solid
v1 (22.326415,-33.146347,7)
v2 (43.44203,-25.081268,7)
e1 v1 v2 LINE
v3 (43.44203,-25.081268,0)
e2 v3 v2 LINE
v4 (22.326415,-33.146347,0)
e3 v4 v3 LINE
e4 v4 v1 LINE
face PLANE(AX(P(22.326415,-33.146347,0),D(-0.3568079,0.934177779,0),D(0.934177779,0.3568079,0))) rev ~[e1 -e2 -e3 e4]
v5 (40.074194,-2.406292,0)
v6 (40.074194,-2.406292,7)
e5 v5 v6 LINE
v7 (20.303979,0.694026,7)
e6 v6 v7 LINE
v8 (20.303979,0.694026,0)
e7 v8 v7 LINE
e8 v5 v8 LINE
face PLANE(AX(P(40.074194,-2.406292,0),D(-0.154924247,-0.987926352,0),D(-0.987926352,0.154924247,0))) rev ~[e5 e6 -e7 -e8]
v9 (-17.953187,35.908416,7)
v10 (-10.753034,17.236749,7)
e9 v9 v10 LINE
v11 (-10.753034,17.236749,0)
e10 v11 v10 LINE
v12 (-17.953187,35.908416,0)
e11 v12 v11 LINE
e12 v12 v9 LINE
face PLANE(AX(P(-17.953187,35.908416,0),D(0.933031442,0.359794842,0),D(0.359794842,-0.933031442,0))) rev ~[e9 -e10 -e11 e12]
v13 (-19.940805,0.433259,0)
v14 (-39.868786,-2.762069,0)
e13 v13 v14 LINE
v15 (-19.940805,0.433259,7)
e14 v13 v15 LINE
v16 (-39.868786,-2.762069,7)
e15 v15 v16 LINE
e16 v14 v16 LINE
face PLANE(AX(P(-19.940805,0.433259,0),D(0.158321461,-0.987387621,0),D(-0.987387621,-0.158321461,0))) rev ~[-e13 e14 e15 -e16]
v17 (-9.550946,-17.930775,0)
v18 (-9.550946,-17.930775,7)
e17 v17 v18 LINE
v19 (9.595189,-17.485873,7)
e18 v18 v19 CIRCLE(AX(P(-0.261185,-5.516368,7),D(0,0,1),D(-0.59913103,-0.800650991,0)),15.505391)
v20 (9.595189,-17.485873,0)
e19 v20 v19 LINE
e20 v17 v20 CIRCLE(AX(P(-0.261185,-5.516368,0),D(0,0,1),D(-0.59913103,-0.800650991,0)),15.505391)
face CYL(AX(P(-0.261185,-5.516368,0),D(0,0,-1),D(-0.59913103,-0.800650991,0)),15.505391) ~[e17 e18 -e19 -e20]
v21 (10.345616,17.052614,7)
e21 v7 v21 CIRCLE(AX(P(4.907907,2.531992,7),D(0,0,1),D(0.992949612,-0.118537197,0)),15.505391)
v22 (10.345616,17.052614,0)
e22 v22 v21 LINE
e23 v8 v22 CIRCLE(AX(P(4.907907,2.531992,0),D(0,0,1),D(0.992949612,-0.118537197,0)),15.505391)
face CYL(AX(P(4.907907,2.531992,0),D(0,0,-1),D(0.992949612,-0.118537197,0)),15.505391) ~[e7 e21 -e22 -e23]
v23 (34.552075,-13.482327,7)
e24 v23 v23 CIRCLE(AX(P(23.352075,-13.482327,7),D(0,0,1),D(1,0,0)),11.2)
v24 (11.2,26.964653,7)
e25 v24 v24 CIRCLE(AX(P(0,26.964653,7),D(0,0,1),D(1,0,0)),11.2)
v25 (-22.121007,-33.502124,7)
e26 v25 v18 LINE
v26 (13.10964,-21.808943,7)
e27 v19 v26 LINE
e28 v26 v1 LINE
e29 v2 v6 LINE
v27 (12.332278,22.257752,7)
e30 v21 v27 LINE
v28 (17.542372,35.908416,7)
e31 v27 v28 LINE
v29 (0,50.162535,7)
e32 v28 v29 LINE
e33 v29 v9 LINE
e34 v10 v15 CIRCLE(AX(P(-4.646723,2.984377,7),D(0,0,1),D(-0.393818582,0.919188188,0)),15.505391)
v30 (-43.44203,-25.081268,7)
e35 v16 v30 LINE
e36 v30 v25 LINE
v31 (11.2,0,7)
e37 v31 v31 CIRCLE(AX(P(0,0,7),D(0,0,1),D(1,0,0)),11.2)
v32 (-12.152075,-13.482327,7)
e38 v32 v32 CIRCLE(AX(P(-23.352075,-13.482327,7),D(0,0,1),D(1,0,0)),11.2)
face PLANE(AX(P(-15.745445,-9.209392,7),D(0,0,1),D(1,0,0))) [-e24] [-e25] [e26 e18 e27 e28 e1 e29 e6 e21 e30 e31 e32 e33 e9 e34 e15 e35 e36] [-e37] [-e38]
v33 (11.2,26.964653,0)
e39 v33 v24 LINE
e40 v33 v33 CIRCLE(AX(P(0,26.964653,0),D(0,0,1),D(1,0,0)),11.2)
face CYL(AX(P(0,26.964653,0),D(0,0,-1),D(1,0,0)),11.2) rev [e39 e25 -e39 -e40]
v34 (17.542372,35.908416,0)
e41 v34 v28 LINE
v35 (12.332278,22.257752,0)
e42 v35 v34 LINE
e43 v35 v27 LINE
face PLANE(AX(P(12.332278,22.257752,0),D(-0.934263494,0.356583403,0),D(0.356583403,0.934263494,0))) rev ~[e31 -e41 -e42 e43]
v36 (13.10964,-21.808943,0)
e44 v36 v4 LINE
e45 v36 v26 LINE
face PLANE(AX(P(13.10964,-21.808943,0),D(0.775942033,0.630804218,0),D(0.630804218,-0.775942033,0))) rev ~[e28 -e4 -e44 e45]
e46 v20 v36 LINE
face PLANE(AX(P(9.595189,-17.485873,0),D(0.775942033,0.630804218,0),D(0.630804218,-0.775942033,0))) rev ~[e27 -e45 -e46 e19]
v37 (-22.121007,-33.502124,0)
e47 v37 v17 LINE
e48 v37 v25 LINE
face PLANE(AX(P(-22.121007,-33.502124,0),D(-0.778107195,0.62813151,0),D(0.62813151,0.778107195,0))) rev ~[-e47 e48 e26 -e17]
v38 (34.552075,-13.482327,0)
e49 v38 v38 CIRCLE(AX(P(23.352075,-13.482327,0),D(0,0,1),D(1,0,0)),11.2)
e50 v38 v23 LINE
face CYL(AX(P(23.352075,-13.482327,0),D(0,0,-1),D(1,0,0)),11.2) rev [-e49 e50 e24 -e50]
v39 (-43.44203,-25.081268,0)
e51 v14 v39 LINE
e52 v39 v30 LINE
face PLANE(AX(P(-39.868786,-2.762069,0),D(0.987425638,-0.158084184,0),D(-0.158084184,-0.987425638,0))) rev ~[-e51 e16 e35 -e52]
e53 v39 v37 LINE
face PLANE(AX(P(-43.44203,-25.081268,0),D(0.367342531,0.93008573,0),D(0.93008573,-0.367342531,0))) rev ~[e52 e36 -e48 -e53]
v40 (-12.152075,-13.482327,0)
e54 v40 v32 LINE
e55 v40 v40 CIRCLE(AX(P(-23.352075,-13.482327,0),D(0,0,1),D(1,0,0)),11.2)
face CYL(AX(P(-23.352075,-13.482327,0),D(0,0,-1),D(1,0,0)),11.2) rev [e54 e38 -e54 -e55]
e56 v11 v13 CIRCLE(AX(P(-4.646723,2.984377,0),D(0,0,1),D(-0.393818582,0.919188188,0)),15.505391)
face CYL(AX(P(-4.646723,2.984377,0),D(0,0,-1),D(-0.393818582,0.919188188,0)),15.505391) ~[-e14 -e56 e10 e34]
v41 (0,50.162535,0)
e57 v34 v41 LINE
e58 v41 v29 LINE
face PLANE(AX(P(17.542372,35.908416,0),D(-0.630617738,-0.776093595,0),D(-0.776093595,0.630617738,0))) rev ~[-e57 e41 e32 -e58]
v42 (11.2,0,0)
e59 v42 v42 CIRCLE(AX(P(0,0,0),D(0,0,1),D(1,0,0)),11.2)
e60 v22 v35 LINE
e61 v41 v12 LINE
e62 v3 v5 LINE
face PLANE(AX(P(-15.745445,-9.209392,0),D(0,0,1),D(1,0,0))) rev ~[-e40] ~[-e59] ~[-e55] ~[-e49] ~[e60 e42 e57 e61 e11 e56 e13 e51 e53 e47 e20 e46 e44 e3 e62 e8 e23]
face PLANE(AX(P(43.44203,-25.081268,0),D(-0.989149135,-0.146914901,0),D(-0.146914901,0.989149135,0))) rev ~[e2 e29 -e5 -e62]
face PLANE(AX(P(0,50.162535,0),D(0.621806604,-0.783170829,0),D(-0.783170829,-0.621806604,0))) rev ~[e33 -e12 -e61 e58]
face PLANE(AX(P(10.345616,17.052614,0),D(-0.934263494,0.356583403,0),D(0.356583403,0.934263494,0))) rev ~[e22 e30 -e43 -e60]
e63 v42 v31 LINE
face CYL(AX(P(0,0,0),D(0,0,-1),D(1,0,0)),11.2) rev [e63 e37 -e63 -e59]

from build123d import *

# Parameters (mm, degrees)
F0_R     = 11.2
F2_DEPTH = 7


with BuildPart() as f2:
    # F0 (on Top) → F2 (new body)
    with BuildSketch(Plane.XY):
        with BuildLine():
            Line((-9.5509455629, -17.9307749998), (-4.9533112476, -12.2353875167))
            ThreePointArc((-4.9533112476, -12.2353875167), (0.1510560245, -13.1991356565), (5.2320302672, -12.1188225205))
            ThreePointArc((5.2320302672, -12.1188225205), (11.5063147988, -6.4687494736), (13.0728120384, 1.8280003851))
            ThreePointArc((13.0728120384, 1.8280003851), (11.3552587742, 6.7303861829), (7.8791930331, 10.590482385))
            ThreePointArc((7.8791930331, 10.590482385), (-0.1510560245, 13.1991356565), (-8.1195007908, 10.4073871317))
            ThreePointArc((-8.1195007908, 10.4073871317), (-11.5063147988, 6.4687494736), (-13.1112233003, 1.5283401355))
            Line((-13.1112233003, 1.5283401355), (-19.9408051075, 0.433259189))
            Line((-19.9408051075, 0.433259189), (-25.4419179951, -0.4488100325))
            Line((-25.4419179951, -0.4488100325), (-39.868786154, -2.7620685723))
            Line((-39.868786154, -2.7620685723), (-43.4420297675, -25.0812675804))
            Line((-43.4420297675, -25.0812675804), (-22.1210067772, -33.5021241745))
            Line((-22.1210067772, -33.5021241745), (-9.5509455629, -17.9307749998))
        make_face()
        with BuildLine():
            ThreePointArc((-10.1520747476, -13.4823266417), (-31.9151953568, -23.527871198), (-25.4419179951, -0.4488100325))
            ThreePointArc((-25.4419179951, -0.4488100325), (-14.7889541385, -3.4367820853), (-10.1520747476, -13.4823266417))
        make_face(mode=Mode.SUBTRACT)
        Circle(F0_R, mode=Mode.SUBTRACT)
        with BuildLine():
            ThreePointArc((-8.1195007908, 10.4073871317), (-0.1510560245, 13.1991356565), (7.8791930331, 10.590482385))
            Line((7.8791930331, 10.590482385), (10.3456160178, 17.0526142005))
            Line((10.3456160178, 17.0526142005), (12.3322780723, 22.2577522276))
            Line((12.3322780723, 22.2577522276), (17.5423715264, 35.9084159136))
            Line((17.5423715264, 35.9084159136), (0, 50.1625351608))
            Line((0, 50.1625351608), (-17.9531872272, 35.9084159136))
            Line((-17.9531872272, 35.9084159136), (-10.7530338779, 17.2367489876))
            Line((-10.7530338779, 17.2367489876), (-8.1195007908, 10.4073871317))
        make_face()
        with BuildLine():
            ThreePointArc((13.2, 26.9646532834), (12.9812570761, 24.5715455292), (12.3322780723, 22.2577522276))
            ThreePointArc((12.3322780723, 22.2577522276), (-12.9812570761, 29.3577610375), (13.2, 26.9646532834))
        make_face(mode=Mode.SUBTRACT)
        with BuildLine():
            ThreePointArc((13.0728120384, 1.8280003851), (11.5063147988, -6.4687494736), (5.2320302672, -12.1188225205))
            Line((5.2320302672, -12.1188225205), (9.5951890897, -17.4858733895))
            Line((9.5951890897, -17.4858733895), (13.1096400757, -21.8089425203))
            Line((13.1096400757, -21.8089425203), (22.3264146276, -33.1463473412))
            Line((22.3264146276, -33.1463473412), (43.4420297675, -25.0812675804))
            Line((43.4420297675, -25.0812675804), (40.0741940044, -2.4062917391))
            Line((40.0741940044, -2.4062917391), (20.3039794408, 0.6940260122))
            Line((20.3039794408, 0.6940260122), (13.0728120384, 1.8280003851))
        make_face()
        with BuildLine():
            ThreePointArc((36.5520747476, -13.4823266417), (27.7702113645, -25.920978853), (13.1096400757, -21.8089425203))
            ThreePointArc((13.1096400757, -21.8089425203), (18.9339381308, -1.0436744303), (36.5520747476, -13.4823266417))
        make_face(mode=Mode.SUBTRACT)
        with BuildLine():
            ThreePointArc((36.5520747476, -13.4823266417), (18.9339381308, -1.0436744303), (13.1096400757, -21.8089425203))
            ThreePointArc((13.1096400757, -21.8089425203), (27.7702113645, -25.920978853), (36.5520747476, -13.4823266417))
        make_face()
        with Locations((23.3520747476, -13.4823266417)):
            Circle(F0_R, mode=Mode.SUBTRACT)
        with BuildLine():
            ThreePointArc((-10.1520747476, -13.4823266417), (-14.7889541385, -3.4367820853), (-25.4419179951, -0.4488100325))
            ThreePointArc((-25.4419179951, -0.4488100325), (-31.9151953568, -23.527871198), (-10.1520747476, -13.4823266417))
        make_face()
        with Locations((-23.3520747476, -13.4823266417)):
            Circle(F0_R, mode=Mode.SUBTRACT)
        with BuildLine():
            ThreePointArc((13.2, 26.9646532834), (-12.9812570761, 29.3577610375), (12.3322780723, 22.2577522276))
            ThreePointArc((12.3322780723, 22.2577522276), (12.9812570761, 24.5715455292), (13.2, 26.9646532834))
        make_face()
        with Locations((0, 26.9646532834)):
            Circle(F0_R, mode=Mode.SUBTRACT)
        with BuildLine():
            ThreePointArc((7.8791930331, 10.590482385), (11.3552587742, 6.7303861829), (13.0728120384, 1.8280003851))
            Line((13.0728120384, 1.8280003851), (20.3039794408, 0.6940260122))
            ThreePointArc((20.3039794408, 0.6940260122), (18.1522441191, 10.59454069), (10.3456160178, 17.0526142005))
            Line((10.3456160178, 17.0526142005), (7.8791930331, 10.590482385))
        make_face()
        with BuildLine():
            ThreePointArc((5.2320302672, -12.1188225205), (0.1510560245, -13.1991356565), (-4.9533112476, -12.2353875167))
            Line((-4.9533112476, -12.2353875167), (-9.5509455629, -17.9307749998))
            ThreePointArc((-9.5509455629, -17.9307749998), (0.0990193194, -21.0175748879), (9.5951890897, -17.4858733895))
            Line((9.5951890897, -17.4858733895), (5.2320302672, -12.1188225205))
        make_face()
        with BuildLine():
            ThreePointArc((-13.1112233003, 1.5283401355), (-11.5063147988, 6.4687494736), (-8.1195007908, 10.4073871317))
            Line((-8.1195007908, 10.4073871317), (-10.7530338779, 17.2367489876))
            ThreePointArc((-10.7530338779, 17.2367489876), (-18.2512634385, 10.4230341979), (-19.9408051075, 0.433259189))
            Line((-19.9408051075, 0.433259189), (-13.1112233003, 1.5283401355))
        make_face()
    extrude(amount=F2_DEPTH)


solid = f2.part
